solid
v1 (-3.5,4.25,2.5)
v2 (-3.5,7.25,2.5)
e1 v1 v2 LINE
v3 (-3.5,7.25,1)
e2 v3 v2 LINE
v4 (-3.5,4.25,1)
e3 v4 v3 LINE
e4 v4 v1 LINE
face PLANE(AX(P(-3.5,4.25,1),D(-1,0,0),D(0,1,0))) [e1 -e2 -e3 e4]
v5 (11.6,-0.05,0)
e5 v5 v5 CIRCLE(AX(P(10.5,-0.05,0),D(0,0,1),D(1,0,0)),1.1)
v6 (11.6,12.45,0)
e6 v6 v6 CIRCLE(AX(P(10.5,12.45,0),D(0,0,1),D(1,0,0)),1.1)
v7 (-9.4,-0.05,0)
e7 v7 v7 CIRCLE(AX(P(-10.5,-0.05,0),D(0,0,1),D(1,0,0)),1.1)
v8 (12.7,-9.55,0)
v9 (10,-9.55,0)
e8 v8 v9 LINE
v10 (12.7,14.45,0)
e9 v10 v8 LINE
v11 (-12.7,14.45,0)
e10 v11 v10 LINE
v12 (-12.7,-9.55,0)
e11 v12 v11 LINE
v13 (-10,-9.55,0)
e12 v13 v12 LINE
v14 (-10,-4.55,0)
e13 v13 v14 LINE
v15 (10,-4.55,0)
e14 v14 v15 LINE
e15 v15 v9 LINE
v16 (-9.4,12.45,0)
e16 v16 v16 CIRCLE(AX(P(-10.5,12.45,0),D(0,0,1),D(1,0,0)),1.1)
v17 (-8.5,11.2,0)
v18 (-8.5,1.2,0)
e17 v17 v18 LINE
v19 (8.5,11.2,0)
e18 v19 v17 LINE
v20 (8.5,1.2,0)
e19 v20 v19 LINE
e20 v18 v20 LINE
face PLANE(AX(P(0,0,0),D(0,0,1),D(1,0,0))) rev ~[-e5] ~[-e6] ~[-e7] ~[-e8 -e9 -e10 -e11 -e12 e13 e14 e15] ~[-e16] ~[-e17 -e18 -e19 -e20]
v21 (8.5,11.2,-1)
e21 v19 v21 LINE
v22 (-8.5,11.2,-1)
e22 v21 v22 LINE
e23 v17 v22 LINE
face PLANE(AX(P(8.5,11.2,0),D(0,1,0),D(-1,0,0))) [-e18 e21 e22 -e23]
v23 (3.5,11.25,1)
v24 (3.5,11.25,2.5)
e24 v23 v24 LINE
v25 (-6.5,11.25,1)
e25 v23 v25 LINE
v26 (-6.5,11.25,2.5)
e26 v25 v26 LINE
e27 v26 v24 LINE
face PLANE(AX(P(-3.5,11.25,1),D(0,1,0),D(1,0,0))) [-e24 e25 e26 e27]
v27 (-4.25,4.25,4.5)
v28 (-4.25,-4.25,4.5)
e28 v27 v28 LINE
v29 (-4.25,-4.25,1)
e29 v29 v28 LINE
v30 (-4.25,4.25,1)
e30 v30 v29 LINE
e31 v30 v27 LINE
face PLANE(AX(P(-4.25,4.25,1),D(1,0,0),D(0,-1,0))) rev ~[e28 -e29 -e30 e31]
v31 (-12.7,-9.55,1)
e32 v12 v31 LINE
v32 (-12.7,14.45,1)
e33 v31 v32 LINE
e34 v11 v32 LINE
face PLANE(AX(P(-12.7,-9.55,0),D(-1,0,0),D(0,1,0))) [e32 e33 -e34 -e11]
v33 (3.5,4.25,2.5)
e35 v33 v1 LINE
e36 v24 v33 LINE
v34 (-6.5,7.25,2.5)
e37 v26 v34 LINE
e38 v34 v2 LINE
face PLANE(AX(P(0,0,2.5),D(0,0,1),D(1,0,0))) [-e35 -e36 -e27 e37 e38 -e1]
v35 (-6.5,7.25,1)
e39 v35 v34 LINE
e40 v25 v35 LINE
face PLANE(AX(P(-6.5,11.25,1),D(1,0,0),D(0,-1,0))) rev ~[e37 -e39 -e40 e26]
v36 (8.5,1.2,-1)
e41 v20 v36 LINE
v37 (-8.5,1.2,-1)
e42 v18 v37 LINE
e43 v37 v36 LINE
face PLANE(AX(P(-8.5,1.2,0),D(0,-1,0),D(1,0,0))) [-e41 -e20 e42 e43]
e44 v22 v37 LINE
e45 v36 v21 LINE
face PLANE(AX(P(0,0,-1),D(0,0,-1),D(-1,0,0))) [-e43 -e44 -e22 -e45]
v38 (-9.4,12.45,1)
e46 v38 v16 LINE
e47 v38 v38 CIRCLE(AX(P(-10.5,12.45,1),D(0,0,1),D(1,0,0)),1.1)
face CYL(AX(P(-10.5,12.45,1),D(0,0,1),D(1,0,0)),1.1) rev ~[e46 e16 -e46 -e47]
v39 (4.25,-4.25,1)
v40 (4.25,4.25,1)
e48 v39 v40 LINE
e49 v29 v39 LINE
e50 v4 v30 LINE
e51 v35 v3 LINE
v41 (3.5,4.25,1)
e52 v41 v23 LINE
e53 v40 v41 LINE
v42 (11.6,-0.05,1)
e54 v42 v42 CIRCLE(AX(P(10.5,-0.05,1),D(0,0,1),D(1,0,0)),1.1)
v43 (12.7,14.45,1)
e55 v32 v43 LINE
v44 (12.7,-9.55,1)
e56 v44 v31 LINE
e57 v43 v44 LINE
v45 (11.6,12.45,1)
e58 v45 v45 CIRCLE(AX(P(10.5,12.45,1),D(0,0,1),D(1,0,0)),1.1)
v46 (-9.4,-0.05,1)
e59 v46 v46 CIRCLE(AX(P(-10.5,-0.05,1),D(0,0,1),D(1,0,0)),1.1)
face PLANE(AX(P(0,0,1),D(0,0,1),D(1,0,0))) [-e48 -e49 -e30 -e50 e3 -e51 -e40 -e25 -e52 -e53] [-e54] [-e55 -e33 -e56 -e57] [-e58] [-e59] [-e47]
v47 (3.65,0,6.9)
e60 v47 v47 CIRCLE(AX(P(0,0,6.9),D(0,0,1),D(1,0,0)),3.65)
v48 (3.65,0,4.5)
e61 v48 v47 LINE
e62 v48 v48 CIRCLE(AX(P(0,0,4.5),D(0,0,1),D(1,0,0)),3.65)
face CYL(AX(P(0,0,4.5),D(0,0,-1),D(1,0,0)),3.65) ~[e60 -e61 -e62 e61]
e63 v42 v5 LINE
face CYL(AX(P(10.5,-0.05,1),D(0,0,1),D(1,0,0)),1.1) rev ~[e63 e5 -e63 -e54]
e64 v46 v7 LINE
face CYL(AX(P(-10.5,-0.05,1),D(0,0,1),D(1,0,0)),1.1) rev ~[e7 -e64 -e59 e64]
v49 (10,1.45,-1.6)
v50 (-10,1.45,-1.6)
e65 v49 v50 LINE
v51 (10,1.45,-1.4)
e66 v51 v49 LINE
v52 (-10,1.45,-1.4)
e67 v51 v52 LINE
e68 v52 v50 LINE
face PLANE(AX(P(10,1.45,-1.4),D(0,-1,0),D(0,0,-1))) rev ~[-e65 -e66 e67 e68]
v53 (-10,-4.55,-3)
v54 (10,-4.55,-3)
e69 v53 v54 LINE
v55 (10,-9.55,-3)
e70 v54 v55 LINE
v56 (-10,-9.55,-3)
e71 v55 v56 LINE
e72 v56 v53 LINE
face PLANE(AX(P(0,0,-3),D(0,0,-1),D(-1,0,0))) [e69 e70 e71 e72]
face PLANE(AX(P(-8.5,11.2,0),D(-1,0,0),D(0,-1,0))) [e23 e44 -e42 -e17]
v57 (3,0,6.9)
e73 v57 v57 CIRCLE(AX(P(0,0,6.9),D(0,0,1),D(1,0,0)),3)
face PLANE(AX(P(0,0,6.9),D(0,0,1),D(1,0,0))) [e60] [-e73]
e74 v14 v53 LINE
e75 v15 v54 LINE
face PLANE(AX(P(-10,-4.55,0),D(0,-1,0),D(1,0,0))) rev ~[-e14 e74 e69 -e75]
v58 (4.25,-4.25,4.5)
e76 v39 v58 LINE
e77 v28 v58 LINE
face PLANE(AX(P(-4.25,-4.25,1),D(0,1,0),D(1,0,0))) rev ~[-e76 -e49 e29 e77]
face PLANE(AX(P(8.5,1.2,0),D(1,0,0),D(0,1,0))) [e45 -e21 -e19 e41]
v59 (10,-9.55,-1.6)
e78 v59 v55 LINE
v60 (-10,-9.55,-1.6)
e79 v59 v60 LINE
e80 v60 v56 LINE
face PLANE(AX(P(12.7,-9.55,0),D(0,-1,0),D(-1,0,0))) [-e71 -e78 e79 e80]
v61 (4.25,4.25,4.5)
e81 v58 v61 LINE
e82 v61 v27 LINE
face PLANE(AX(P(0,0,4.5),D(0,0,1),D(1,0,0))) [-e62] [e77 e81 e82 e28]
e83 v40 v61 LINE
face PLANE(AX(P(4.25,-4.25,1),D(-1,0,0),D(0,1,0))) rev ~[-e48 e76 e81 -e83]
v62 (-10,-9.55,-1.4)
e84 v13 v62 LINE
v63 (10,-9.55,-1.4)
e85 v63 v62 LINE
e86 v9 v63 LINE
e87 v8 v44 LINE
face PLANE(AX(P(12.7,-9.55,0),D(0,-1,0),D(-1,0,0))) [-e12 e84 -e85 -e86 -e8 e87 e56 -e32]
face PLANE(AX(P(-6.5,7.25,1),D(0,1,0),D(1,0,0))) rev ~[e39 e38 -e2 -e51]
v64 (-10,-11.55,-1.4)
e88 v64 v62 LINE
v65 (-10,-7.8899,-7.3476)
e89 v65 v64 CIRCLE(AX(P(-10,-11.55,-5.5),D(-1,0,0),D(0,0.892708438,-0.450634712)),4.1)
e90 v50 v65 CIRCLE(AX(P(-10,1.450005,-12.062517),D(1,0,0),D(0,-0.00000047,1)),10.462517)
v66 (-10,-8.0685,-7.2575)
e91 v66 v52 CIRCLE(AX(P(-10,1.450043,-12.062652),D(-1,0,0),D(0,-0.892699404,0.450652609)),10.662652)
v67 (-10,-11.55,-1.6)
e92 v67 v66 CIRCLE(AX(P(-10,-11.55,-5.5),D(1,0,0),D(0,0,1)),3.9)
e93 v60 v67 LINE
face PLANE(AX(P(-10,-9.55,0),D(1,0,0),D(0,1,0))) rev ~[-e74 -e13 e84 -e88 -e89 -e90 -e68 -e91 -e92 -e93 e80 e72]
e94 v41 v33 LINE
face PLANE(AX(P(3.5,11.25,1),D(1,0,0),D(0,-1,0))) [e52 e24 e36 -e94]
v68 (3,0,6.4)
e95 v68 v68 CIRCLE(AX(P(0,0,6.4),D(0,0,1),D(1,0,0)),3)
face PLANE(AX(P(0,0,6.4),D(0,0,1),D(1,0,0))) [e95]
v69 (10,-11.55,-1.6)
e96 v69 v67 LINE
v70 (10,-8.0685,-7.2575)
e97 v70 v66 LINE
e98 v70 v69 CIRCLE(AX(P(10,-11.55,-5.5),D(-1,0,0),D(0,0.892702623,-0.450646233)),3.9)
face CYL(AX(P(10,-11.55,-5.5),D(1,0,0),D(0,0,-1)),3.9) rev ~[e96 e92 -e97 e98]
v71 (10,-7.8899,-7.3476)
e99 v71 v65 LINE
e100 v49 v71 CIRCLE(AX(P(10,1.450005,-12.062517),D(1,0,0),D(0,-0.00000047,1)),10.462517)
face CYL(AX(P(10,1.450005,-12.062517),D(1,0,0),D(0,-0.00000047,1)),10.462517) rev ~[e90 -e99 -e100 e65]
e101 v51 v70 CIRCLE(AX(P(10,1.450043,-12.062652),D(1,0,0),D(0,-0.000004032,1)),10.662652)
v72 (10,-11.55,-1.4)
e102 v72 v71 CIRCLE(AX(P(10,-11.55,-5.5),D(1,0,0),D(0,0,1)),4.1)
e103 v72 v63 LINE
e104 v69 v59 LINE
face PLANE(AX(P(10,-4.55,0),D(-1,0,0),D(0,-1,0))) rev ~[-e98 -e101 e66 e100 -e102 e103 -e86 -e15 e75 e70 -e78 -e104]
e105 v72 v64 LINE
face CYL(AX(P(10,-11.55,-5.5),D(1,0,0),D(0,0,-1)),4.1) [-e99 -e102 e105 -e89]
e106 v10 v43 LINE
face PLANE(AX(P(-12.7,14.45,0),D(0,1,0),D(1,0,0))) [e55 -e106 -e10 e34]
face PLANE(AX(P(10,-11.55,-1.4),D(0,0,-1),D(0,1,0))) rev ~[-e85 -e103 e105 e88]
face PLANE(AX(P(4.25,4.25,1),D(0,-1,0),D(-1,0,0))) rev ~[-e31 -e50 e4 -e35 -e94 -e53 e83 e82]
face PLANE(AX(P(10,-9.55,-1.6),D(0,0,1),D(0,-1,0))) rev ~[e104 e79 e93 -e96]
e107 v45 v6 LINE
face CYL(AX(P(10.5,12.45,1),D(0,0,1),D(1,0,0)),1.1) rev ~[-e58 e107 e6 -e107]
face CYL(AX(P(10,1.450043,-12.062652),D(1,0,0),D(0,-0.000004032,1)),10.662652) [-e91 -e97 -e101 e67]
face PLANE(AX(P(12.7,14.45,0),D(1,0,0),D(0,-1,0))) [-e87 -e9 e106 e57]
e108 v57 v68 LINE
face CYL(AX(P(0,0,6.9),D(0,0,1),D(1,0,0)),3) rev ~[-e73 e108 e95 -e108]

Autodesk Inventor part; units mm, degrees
ref_plane "YZ Plane" through (0, 0, 0) normal (1, 0, 0) x (0, 1, 0)
ref_plane "XZ Plane" through (0, 0, 0) normal (0, 1, 0) x (-1, 0, 0)
ref_plane "XY Plane" through (0, 0, 0) normal (0, 0, 1) x (1, 0, 0)
sketch "スケッチ1" plane through (0, 0, 0) normal (0, 0, 1) x (1, 0, 0)
  line L0 (-12.7, 14.45) -> (12.7, 14.45)
  line L1 (12.7, 14.45) -> (12.7, -9.55)
  line L2 (12.7, -9.55) -> (-12.7, -9.55)
  line L3 (-12.7, -9.55) -> (-12.7, 14.45)
  line L4 (-12.7, 14.45) -> (12.7, -9.55) construction
  line L5 (12.7, 14.45) -> (-12.7, -9.55) construction
  point P0 (0, 0)
  point P1 (0, 2.45)
  dimension "d0" = 25.4
  dimension "d1" = 24
  dimension "d2" = 14.45
extrude "押し出し1" add sketch "スケッチ1" along normal blind 1
sketch "スケッチ2" plane through (0, 0, 1) normal (0, 0, 1) x (1, 0, 0)
  line L0 (4.25, 4.25) -> (-4.25, 4.25)
  line L1 (-4.25, 4.25) -> (-4.25, -4.25)
  line L2 (-4.25, -4.25) -> (4.25, -4.25)
  line L3 (4.25, -4.25) -> (4.25, 4.25)
  line L4 (4.25, 4.25) -> (-4.25, -4.25) construction
  line L5 (-4.25, 4.25) -> (4.25, -4.25) construction
  point P0 (0, 0)
  dimension "d5" = 8.5
extrude "押し出し2" add sketch "スケッチ2" along normal blind 3.5
sketch "スケッチ3" plane through (0, 0, 4.5) normal (0, 0, 1) x (1, 0, 0)
  circle A0 centre (0, 0) radius 3.65
  dimension "d8" = 7.3
extrude "押し出し3" add sketch "スケッチ3" along normal blind 2.4
sketch "スケッチ4" plane through (0, 0, 6.9) normal (0, 0, 1) x (1, 0, 0)
  circle A0 centre (0, 0) radius 3
  dimension "d11" = 6
extrude "押し出し4" cut sketch "スケッチ4" against normal blind 0.5
sketch "スケッチ5" plane through (0, 0, 1) normal (0, 0, 1) x (1, 0, 0)
  line L0 (10.5, -0.05) -> (-10.5, -0.05) construction
  line L1 (-10.5, -0.05) -> (-10.5, 12.45) construction
  line L2 (-10.5, 12.45) -> (10.5, 12.45) construction
  line L3 (10.5, 12.45) -> (10.5, -0.05) construction
  line L4 (10.5, -0.05) -> (-10.5, 12.45) construction
  line L5 (-10.5, -0.05) -> (10.5, 12.45) construction
  line L6 (12.7, 14.45) -> (-12.7, 14.45) projected
  circle A0 centre (-10.5, 12.45) radius 1.1
  circle A1 centre (10.5, 12.45) radius 1.1
  circle A2 centre (-10.5, -0.05) radius 1.1
  circle A3 centre (10.5, -0.05) radius 1.1
  point P0 (0, 0)
  point P1 (0, 6.2)
  dimension "d14" = 21
  dimension "d15" = 12.5
  dimension "d16" = 2
  dimension "d17" = 2.2
extrude "押し出し5" cut sketch "スケッチ5" against normal through all
sketch "スケッチ6" plane through (0, 0, 0) normal (0, 0, -1) x (-1, 0, 0)
  line L0 (10, -4.55) -> (-10, -4.55)
  line L1 (-10, -4.55) -> (-10, -9.55)
  line L2 (-10, -9.55) -> (10, -9.55)
  line L3 (10, -9.55) -> (10, -4.55)
  line L4 (10, -4.55) -> (-10, -9.55) construction
  line L5 (-10, -4.55) -> (10, -9.55) construction
  line L6 (12.7, -9.55) -> (-12.7, -9.55) projected
  point P0 (0, 0)
  point P1 (0, -7.05)
  dimension "d20" = 20
  dimension "d21" = 5
extrude "押し出し6" add sketch "スケッチ6" along normal blind 3
sketch "スケッチ7" plane through (0, 0, 0) normal (0, 0, -1) x (-1, 0, 0)
  line L0 (8.5, 1.2) -> (-8.5, 1.2)
  line L1 (-8.5, 1.2) -> (-8.5, 11.2)
  line L2 (-8.5, 11.2) -> (8.5, 11.2)
  line L3 (8.5, 11.2) -> (8.5, 1.2)
  line L4 (8.5, 1.2) -> (-8.5, 11.2) construction
  line L5 (-8.5, 1.2) -> (8.5, 11.2) construction
  circle A0 centre (-10.5, 12.45) radius 1.1 projected
  circle A1 centre (-10.5, -0.05) radius 1.1 projected
  point P0 (0, 0)
  point P1 (0, 6.2)
  dimension "d24" = 17
  dimension "d25" = 10
  dimension "d26" = 6.25
  dimension "d27" = 6.25
extrude "押し出し7" add sketch "スケッチ7" along normal blind 1 contours L0 L1 L2 L3
sketch "スケッチ8" plane through (10, -9.55, 0) normal (1, 0, 0) x (0, 0, -1)
  line L0 (1.6, -2) -> (1.4, -2) construction
  line L1 (1.4, -2) -> (1.4, 0)
  line L2 (1.4, 0) -> (1.6, 0)
  line L3 (1.6, 0) -> (1.6, -2)
  line L4 (1.6, -2) -> (1.4, 0) construction
  line L5 (1.4, -2) -> (1.6, 0) construction
  line L6 (0, 0) -> (3, 0) projected
  circle A0 centre (5.5, -2) radius 4 construction
  line L7 (1.5, 0) -> (1.5, -2) construction
  circle A1 centre (5.5, -2) radius 4.1
  circle A2 centre (5.5, -2) radius 3.9
  arc A3 (1.4, 11) -> (7.2575, 1.4815) centre (12.0625, 11) ccw
  line L8 (1.4, 0) -> (1.4, 9.037) construction
  line L9 (1.6, 0) -> (1.6, 10.1272) construction
  arc A4 (1.6, 11) -> (7.3476, 1.6601) centre (12.0625, 11) ccw
  line L10 (1.4, 11) -> (1.6, 11)
  point P0 (0, 9.55)
  point P1 (1.5, -1)
  dimension "d30" = 0.2
  dimension "d31" = 2
  dimension "d32" = 8
  dimension "d33" = 11
extrude "押し出し8" add sketch "スケッチ8" against normal up to surface (20 mm away) contours A1 L3 A2 A3 | L1 L2 L3 A1 | A1 A3 L10 A4
sketch "スケッチ9" plane through (0, 0, 1) normal (0, 0, 1) x (1, 0, 0)
  line L0 (-3.5, 11.25) -> (3.5, 11.25)
  line L1 (3.5, 11.25) -> (3.5, 4.25)
  line L2 (3.5, 4.25) -> (-3.5, 4.25)
  line L3 (-3.5, 4.25) -> (-3.5, 11.25)
  line L4 (-3.5, 11.25) -> (3.5, 4.25) construction
  line L5 (3.5, 11.25) -> (-3.5, 4.25) construction
  line L6 (-4.25, 4.25) -> (4.25, 4.25) projected
  line L7 (3.5, 11.25) -> (-6.5, 11.25)
  line L8 (-6.5, 11.25) -> (-6.5, 7.25)
  line L9 (-6.5, 7.25) -> (3.5, 7.25)
  line L10 (3.5, 7.25) -> (3.5, 11.25)
  point P0 (0, 0)
  point P1 (0, 7.75)
  point P2 (-3.5, 7.25)
  dimension "d65" = 7
  dimension "d66" = 7
  dimension "d67" = 10
  dimension "d68" = 4
extrude "押し出し9" add sketch "スケッチ9" along normal blind 1.5
equation "\"d26\" = d27"
properties part number "cam"
